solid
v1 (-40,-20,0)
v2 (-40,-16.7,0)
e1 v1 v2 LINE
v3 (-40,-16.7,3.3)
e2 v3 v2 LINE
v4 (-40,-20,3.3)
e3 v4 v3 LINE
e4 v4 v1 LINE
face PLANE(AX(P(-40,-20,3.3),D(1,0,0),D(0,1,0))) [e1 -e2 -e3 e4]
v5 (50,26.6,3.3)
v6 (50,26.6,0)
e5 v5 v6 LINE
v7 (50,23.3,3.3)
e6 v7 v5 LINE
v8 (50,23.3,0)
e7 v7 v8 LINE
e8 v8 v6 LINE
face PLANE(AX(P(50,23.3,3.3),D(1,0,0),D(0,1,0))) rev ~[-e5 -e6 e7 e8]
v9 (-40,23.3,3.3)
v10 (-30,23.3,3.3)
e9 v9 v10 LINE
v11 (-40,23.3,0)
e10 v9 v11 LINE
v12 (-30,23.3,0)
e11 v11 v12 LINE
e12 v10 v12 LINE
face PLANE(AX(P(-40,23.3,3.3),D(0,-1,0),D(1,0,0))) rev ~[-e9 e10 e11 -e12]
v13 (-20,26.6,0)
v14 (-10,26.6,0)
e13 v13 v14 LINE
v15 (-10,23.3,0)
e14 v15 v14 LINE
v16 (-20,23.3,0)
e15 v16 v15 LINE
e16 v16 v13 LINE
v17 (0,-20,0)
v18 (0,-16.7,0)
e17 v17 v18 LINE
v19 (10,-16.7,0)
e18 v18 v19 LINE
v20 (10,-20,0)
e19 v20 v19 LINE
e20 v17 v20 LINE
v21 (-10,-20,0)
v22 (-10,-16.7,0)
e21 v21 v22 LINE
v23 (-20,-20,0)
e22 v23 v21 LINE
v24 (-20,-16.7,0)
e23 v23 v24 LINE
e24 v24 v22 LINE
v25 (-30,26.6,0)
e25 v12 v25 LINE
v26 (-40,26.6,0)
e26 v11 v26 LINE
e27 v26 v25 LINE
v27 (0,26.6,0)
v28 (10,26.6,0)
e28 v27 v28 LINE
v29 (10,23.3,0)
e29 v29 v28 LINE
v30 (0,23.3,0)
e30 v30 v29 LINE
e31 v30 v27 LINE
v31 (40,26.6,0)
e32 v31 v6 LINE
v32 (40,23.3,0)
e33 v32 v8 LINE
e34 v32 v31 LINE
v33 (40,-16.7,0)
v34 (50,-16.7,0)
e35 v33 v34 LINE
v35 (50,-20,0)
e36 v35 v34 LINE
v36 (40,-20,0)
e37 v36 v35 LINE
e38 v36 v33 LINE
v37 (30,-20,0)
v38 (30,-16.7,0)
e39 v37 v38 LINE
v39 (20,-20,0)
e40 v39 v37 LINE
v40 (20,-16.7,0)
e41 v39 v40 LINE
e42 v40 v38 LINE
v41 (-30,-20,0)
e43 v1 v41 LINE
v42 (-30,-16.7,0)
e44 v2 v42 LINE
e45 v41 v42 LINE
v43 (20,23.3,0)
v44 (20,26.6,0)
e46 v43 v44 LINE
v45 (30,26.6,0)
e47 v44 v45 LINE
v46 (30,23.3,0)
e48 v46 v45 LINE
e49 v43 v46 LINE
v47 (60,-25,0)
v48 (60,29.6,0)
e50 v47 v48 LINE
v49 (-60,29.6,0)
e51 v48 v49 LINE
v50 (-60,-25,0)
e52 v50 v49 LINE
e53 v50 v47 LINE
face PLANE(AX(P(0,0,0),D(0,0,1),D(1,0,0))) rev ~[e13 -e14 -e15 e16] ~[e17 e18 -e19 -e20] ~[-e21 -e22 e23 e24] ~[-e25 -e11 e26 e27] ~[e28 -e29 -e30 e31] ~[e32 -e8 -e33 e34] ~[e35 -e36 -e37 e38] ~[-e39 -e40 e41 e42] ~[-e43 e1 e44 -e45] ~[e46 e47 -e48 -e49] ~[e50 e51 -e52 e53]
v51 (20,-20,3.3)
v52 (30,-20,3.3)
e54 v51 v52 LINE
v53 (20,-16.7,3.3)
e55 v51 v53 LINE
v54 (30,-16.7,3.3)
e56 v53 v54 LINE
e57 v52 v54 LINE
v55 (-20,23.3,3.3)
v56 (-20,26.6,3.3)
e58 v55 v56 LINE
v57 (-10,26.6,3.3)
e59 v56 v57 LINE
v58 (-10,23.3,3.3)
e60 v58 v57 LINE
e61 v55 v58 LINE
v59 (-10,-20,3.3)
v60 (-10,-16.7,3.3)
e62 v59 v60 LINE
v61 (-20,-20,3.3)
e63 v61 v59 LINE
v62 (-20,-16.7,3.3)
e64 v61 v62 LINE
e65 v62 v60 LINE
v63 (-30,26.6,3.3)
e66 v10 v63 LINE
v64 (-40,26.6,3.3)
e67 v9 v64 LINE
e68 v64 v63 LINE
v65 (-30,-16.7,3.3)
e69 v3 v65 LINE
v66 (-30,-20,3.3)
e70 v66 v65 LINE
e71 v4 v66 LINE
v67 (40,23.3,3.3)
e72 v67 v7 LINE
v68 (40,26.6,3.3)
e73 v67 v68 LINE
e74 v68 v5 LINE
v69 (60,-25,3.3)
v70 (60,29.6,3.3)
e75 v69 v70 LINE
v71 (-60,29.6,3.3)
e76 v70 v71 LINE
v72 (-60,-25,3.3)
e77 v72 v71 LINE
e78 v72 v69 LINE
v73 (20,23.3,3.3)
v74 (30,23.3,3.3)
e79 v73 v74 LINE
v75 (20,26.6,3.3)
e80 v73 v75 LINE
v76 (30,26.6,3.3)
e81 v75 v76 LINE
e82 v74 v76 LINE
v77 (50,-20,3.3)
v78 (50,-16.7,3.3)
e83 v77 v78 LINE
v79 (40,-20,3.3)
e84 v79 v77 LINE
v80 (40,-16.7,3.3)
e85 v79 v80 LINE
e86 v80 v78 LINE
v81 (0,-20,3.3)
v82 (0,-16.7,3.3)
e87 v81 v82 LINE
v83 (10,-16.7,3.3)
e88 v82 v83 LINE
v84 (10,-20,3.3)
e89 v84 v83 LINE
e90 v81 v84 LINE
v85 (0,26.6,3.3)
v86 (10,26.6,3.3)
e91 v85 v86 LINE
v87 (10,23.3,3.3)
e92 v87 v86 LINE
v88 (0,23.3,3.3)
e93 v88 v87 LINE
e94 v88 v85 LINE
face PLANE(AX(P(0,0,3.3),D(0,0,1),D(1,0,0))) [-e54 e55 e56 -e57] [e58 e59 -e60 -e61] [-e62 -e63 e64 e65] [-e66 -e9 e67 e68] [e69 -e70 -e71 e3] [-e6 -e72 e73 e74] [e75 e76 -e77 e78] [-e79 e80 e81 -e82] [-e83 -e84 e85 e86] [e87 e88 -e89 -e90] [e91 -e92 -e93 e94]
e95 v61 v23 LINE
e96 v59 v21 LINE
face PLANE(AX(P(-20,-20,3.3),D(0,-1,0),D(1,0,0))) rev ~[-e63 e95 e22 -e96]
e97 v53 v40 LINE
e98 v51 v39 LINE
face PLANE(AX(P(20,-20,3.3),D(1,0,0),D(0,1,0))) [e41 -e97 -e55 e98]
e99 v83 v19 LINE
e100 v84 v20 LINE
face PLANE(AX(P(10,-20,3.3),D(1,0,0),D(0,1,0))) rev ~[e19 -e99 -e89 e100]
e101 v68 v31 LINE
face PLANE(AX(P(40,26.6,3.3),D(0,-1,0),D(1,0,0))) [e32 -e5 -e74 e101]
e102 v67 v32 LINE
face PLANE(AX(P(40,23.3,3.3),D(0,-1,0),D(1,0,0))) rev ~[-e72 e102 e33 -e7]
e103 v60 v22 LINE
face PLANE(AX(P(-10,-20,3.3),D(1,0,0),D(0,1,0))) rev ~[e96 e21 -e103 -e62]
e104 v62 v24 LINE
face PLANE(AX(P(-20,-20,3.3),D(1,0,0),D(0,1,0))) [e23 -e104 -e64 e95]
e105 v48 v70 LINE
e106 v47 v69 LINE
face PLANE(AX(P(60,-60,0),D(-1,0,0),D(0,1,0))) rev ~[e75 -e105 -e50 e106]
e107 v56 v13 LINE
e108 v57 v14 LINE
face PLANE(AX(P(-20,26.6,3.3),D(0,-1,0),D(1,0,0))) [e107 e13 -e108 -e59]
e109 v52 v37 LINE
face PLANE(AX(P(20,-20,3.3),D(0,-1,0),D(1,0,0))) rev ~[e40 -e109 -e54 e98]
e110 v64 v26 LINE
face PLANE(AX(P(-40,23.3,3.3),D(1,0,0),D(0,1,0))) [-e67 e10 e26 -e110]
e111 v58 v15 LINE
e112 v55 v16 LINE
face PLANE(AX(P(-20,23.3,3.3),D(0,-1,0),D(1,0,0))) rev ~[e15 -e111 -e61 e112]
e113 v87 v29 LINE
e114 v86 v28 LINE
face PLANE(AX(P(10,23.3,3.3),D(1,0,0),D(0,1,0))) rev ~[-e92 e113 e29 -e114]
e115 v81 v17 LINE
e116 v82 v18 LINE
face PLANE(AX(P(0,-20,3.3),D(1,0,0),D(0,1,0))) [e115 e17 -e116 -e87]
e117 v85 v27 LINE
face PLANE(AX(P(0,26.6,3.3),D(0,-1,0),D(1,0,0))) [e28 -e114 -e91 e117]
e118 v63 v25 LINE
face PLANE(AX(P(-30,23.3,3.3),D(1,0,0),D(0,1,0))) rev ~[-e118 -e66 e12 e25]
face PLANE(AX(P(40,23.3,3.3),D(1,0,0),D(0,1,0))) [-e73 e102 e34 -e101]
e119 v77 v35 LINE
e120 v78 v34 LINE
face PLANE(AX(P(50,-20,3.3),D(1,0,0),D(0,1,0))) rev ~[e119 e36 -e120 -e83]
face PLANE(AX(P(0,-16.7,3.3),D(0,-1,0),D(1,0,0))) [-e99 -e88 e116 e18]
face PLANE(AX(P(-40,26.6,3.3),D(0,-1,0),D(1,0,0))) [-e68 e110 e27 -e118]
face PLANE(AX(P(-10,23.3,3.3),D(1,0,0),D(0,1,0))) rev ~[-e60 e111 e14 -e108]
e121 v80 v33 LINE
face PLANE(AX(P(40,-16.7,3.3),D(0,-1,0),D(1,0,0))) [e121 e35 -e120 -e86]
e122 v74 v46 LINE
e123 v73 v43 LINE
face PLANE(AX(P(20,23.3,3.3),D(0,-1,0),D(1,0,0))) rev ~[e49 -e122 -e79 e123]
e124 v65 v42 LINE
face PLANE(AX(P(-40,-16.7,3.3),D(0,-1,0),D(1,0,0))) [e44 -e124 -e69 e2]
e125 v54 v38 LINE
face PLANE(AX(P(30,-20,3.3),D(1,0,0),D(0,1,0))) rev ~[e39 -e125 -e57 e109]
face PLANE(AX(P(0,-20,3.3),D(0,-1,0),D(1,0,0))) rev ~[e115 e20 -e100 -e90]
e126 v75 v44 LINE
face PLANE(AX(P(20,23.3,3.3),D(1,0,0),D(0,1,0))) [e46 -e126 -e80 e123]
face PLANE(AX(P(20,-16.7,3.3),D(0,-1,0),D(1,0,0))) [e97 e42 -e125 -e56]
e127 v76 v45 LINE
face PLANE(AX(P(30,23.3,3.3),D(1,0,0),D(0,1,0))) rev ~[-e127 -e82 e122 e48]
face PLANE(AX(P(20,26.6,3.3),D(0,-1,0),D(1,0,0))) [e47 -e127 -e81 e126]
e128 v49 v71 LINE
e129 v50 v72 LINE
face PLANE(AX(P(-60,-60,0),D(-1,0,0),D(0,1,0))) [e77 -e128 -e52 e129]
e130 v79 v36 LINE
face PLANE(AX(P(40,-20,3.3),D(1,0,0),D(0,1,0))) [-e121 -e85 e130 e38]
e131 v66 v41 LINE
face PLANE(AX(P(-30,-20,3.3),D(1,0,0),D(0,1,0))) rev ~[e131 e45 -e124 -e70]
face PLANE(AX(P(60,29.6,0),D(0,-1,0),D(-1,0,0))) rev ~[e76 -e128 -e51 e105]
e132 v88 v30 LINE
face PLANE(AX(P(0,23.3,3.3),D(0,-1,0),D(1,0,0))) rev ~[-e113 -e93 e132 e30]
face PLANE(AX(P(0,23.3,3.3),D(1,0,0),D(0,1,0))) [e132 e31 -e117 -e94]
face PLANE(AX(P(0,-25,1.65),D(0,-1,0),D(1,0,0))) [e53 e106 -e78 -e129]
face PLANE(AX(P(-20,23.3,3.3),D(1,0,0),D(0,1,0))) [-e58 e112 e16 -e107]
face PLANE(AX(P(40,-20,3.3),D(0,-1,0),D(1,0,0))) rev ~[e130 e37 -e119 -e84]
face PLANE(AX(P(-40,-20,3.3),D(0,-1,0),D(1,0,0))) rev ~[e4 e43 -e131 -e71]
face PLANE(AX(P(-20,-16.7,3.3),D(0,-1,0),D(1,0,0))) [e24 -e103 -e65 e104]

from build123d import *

# Parameters (mm, degrees)
SKETCH1_W           = 120
SKETCH1_H           = 120
BOSS_EXTRUDE1_DEPTH = 3.3
SKETCH2_W           = 10
SKETCH2_H           = 3.3
CUT_EXTRUDE1_DEPTH  = 3.3
LPATTERN1_COUNT     = 5
LPATTERN1_PITCH     = 20
SKETCH3_W           = 120
SKETCH3_H           = 30.4
CUT_EXTRUDE2_DEPTH  = 3.3
SKETCH4_W           = 120
SKETCH4_H           = 3.3
CUT_EXTRUDE3_DEPTH  = 35


with BuildPart() as part:
    # Sketch1 → Boss-Extrude1 (new body)
    with BuildSketch(Plane.XY):
        Rectangle(SKETCH1_W, SKETCH1_H)
    extrude(amount=BOSS_EXTRUDE1_DEPTH)

    # Sketch2 → Cut-Extrude1 (cut)
    with BuildSketch(Plane.XY.offset(3.3)):
        with Locations((45, -18.35)):
            Rectangle(SKETCH2_W, SKETCH2_H)
        with Locations((45, 24.95)):
            Rectangle(SKETCH2_W, SKETCH2_H)
    cut_extrude1 = extrude(amount=-CUT_EXTRUDE1_DEPTH, mode=Mode.SUBTRACT)

    # LPattern1: Cut-Extrude1 ×5
    with Locations(*[(-i * LPATTERN1_PITCH, 0, 0) for i in range(1, LPATTERN1_COUNT)]):
        add(cut_extrude1, mode=Mode.SUBTRACT)

    # Sketch3 → Cut-Extrude2 (cut)
    with BuildSketch(Plane(origin=(0, 0, 0), x_dir=(-1, 0, 0), z_dir=(0, 0, -1))):
        with Locations((0, 44.8)):
            Rectangle(SKETCH3_W, SKETCH3_H)
    extrude(amount=-CUT_EXTRUDE2_DEPTH, mode=Mode.SUBTRACT)

    # Sketch4 → Cut-Extrude3 (cut)
    with BuildSketch(Plane.XZ.offset(60)):
        with Locations((0, 1.65)):
            Rectangle(SKETCH4_W, SKETCH4_H)
    extrude(amount=-CUT_EXTRUDE3_DEPTH, mode=Mode.SUBTRACT)


solid = part.part
